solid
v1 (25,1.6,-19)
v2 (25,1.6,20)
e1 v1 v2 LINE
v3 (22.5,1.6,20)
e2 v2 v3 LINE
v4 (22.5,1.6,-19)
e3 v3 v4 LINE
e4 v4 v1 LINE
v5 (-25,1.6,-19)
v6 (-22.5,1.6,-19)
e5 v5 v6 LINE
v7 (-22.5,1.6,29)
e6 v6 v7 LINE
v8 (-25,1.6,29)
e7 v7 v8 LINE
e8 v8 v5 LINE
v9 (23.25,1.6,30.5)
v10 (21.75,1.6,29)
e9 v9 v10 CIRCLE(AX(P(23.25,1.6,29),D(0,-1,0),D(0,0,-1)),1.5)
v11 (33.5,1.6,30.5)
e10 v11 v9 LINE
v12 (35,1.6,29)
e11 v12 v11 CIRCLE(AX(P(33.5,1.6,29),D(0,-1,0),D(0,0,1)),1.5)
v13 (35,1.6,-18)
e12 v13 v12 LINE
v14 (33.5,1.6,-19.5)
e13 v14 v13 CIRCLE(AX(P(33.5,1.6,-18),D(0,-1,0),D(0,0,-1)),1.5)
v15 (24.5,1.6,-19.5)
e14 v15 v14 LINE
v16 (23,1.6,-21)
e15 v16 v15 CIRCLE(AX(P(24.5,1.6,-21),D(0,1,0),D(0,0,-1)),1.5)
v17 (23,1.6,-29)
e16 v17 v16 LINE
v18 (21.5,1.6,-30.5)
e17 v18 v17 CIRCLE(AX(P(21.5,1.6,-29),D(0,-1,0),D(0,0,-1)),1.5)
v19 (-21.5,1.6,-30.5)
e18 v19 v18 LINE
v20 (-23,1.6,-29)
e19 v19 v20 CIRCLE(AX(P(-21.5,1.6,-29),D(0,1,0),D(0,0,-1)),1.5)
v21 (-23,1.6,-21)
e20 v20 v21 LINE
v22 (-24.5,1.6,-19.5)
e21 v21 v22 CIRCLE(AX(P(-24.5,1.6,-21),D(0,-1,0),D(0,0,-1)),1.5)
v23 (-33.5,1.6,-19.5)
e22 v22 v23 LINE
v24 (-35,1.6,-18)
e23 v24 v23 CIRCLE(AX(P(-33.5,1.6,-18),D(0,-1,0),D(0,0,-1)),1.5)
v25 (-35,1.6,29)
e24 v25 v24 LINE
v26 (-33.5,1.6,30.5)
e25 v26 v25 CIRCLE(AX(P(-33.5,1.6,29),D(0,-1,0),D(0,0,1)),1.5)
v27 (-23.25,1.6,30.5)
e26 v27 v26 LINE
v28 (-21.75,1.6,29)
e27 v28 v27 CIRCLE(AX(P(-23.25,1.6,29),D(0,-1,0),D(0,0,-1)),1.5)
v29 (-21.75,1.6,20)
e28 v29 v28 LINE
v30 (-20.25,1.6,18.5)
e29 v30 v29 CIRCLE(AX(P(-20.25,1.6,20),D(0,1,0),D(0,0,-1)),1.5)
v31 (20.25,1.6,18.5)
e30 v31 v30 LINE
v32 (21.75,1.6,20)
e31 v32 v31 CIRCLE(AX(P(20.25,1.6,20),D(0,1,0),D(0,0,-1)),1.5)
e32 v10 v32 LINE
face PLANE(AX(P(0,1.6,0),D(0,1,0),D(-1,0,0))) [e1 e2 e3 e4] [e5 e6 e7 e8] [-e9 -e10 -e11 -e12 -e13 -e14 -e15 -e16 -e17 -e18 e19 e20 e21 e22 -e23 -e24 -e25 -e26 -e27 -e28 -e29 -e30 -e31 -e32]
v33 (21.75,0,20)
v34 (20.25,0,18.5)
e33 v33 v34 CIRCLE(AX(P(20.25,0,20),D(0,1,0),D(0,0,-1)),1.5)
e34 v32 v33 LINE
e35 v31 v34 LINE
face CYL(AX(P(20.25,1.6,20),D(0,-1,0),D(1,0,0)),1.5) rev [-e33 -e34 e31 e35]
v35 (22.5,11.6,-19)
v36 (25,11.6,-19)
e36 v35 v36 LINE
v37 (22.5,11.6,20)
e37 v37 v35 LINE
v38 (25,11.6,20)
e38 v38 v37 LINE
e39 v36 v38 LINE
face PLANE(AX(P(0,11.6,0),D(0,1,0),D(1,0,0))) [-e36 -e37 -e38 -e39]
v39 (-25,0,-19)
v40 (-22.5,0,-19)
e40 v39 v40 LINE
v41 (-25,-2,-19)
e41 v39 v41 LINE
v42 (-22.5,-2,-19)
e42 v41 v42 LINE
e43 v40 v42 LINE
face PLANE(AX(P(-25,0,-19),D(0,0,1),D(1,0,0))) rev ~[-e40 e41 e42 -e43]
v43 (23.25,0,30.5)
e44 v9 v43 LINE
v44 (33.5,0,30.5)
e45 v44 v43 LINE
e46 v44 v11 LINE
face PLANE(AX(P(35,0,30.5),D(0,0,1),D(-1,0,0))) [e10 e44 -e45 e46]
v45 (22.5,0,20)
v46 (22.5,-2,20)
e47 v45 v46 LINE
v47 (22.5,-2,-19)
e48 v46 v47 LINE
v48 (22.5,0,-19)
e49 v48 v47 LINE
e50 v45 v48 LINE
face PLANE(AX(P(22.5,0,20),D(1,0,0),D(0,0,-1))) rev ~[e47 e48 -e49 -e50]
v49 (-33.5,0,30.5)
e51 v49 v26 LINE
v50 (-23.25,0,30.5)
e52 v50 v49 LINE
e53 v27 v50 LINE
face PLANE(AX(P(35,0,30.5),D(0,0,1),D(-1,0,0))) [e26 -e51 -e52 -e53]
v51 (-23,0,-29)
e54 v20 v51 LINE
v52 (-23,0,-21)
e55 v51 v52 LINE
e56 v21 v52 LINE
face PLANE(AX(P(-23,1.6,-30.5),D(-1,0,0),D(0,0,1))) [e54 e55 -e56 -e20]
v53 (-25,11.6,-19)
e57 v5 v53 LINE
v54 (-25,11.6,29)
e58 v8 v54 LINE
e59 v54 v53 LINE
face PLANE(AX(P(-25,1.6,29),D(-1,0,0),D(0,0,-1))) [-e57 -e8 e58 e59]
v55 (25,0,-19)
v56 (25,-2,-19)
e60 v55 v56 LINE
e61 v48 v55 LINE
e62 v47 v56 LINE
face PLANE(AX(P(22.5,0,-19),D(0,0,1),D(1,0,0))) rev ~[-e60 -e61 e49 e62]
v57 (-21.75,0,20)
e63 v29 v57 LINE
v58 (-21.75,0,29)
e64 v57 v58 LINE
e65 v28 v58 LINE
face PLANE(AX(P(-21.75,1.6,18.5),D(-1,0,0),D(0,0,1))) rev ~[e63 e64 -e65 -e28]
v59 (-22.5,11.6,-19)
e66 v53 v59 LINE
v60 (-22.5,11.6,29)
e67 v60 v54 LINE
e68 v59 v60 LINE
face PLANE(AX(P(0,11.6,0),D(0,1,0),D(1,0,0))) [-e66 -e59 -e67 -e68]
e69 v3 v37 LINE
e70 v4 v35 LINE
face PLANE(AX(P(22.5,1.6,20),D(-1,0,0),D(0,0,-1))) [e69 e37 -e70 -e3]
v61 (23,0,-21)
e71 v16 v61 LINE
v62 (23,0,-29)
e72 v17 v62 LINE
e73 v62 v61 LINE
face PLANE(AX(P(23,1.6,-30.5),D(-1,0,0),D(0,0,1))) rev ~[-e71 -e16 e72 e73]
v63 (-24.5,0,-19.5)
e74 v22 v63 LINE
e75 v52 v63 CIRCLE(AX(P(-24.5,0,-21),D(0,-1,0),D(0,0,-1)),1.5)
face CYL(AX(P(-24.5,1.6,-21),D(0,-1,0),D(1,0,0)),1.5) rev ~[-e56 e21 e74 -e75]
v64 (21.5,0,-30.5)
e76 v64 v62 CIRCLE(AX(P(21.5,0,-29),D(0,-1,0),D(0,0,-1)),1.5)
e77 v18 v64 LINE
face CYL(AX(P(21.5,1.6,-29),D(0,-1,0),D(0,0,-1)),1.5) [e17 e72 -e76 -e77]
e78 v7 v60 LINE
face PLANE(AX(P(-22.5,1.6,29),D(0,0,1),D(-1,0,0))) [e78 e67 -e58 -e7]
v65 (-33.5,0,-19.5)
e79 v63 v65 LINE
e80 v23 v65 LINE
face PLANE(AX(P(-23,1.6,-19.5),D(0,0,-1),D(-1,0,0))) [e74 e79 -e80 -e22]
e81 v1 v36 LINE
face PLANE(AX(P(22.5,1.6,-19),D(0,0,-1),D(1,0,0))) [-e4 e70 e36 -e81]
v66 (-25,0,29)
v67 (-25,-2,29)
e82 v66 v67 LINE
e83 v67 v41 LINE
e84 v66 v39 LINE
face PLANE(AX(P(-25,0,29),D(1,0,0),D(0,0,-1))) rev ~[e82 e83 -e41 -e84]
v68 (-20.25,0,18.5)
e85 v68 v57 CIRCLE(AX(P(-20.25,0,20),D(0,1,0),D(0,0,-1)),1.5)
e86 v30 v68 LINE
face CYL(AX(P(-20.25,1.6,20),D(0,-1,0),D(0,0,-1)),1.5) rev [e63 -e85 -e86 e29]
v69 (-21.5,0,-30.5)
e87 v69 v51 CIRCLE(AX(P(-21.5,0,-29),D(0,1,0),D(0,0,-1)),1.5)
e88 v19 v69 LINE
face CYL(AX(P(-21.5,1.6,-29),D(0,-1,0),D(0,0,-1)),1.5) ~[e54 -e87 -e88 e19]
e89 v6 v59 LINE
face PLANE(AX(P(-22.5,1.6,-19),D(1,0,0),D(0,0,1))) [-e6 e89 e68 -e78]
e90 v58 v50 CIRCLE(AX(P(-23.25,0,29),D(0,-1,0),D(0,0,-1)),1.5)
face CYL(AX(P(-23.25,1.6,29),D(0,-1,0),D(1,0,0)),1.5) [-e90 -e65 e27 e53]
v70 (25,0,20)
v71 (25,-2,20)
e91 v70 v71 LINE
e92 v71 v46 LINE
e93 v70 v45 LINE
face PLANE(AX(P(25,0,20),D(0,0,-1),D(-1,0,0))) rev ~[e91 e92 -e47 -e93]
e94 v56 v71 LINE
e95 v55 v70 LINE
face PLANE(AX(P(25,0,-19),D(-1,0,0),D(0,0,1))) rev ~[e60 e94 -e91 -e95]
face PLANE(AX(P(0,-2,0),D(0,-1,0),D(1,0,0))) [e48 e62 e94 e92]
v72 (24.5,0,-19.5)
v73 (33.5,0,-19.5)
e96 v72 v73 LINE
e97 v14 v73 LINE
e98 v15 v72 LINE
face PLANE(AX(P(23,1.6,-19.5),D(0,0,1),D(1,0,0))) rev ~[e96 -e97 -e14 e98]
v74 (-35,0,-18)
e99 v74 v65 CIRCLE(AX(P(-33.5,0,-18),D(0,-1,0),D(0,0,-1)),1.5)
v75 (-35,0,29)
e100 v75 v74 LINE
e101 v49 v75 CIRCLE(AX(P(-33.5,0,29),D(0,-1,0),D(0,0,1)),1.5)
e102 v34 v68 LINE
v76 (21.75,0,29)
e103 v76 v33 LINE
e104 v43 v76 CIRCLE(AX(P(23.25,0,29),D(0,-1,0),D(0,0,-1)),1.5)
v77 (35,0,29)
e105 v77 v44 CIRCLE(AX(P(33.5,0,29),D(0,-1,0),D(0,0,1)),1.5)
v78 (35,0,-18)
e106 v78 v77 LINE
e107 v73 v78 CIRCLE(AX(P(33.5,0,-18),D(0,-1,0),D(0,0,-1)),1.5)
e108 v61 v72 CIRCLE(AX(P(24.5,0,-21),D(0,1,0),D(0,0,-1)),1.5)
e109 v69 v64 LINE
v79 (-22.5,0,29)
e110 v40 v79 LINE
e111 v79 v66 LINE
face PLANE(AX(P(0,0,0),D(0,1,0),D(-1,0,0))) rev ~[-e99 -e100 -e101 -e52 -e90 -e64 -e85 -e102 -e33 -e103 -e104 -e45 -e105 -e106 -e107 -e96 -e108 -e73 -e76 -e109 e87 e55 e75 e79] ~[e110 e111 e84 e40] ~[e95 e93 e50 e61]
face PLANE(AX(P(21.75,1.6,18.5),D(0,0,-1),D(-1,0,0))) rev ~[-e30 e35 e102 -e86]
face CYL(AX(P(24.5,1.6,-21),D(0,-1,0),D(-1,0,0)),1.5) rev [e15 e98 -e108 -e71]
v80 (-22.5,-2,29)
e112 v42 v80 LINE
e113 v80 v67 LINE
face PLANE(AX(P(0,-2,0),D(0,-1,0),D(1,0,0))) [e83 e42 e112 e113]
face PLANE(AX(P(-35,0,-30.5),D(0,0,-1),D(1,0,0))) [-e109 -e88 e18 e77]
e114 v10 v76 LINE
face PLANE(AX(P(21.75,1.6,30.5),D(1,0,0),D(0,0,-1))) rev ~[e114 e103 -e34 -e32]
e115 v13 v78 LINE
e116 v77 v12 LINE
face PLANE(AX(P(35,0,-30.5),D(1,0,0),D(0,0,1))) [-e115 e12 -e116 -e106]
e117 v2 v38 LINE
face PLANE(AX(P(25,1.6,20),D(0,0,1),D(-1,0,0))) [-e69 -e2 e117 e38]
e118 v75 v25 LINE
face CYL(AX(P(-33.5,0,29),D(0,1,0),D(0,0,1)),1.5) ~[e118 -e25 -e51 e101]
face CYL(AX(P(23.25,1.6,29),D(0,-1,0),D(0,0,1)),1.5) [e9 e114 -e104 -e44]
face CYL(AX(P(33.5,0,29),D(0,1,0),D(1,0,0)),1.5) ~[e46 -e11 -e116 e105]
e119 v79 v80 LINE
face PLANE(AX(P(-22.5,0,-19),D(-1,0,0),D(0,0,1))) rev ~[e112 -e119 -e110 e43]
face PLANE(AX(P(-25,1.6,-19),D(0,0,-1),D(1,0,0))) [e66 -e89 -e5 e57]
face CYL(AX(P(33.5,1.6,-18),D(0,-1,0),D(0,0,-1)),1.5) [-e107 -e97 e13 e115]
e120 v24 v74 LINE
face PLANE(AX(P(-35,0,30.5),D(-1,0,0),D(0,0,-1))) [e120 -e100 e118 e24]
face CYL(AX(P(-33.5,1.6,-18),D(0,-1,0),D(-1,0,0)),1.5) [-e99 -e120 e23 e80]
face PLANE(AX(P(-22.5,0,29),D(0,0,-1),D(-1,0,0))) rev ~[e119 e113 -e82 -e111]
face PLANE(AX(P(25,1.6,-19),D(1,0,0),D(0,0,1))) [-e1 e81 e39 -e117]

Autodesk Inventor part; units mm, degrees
ref_plane "YZ Plane" through (0, 0, 0) normal (1, 0, 0) x (0, 1, 0)
ref_plane "XZ Plane" through (0, 0, 0) normal (0, 1, 0) x (-1, 0, 0)
ref_plane "XY Plane" through (0, 0, 0) normal (0, 0, 1) x (1, 0, 0)
sketch "Esquisse1" plane through (0, 0, 0) normal (0, 1, 0) x (-1, 0, 0)
  line L0 (35, -30.5) -> (-35, -30.5)
  line L1 (-35, -30.5) -> (-35, 30.5)
  line L2 (-35, 30.5) -> (35, 30.5)
  line L3 (35, 30.5) -> (35, -30.5)
  point P0 (0, 0)
  dimension "d0" = 70
  dimension "d1" = 35
  dimension "d2" = 61
  dimension "d3" = 30.5
extrude "Extrusion1" add sketch "Esquisse1" along normal blind 1.6
sketch "Esquisse2" plane through (0, 1.6, 0) normal (0, 1, 0) x (1, 0, 0)
  line L0 (35, 30.5) -> (-35, 30.5) projected
  line L1 (-35, 30.5) -> (-23, 30.5)
  line L2 (-23, 30.5) -> (-23, 19.5)
  line L3 (-23, 19.5) -> (-35, 19.5)
  line L4 (-35, 19.5) -> (-35, 30.5)
  line L5 (35, 30.5) -> (23, 30.5)
  line L6 (23, 30.5) -> (23, 19.5)
  line L7 (23, 19.5) -> (35, 19.5)
  line L8 (35, 19.5) -> (35, 30.5)
  line L9 (-35, -30.5) -> (35, -30.5) projected
  line L10 (-20.5, -30.5) -> (23, -30.5)
  line L11 (-21.75, -30.5) -> (21.75, -30.5)
  line L12 (21.75, -30.5) -> (21.75, -18.5)
  line L13 (21.75, -18.5) -> (-21.75, -18.5)
  line L14 (-21.75, -18.5) -> (-21.75, -30.5)
  point P0 (0, 0)
  dimension "d6" = 12
  dimension "d7" = 12
  dimension "d8" = 11
  dimension "d11" = 43.5
  dimension "d12" = 21.75
  dimension "d13" = 12
extrude "Extrusion2" cut sketch "Esquisse2" against normal through all
fillet "Congé1" radius 1.5 12 edges at (-35, 0.8, 30.5) (-21.75, 0.8, 30.5) (-21.75, 0.8, 18.5) (21.75, 0.8, 18.5) (21.75, 0.8, 30.5) (35, 0.8, 30.5) (23, 0.8, -19.5) (23, 0.8, -30.5) (35, 0.8, -19.5) (-23, 0.8, -30.5) (-23, 0.8, -19.5) (-35, 0.8, -19.5)
sketch "Esquisse3" plane through (0, 1.6, 0) normal (0, 1, 0) x (1, 0, 0)
  line L0 (-25, 19) -> (-22.5, 19)
  line L1 (-22.5, 19) -> (-22.5, -29)
  line L2 (-22.5, -29) -> (-25, -29)
  line L3 (-25, -29) -> (-25, 19)
  line L4 (22.5, 19) -> (25, 19)
  line L5 (25, 19) -> (25, -20)
  line L6 (25, -20) -> (22.5, -20)
  line L7 (22.5, -20) -> (22.5, 19)
  line L8 (-35, 18) -> (-35, -29) projected
  line L9 (35, -29) -> (35, 18) projected
  line L10 (-24.5, 19.5) -> (-33.5, 19.5) projected
  line L11 (33.5, 19.5) -> (24.5, 19.5) projected
  point P0 (0, 0)
  dimension "d17" = 2.5
  dimension "d18" = 2.5
  dimension "d19" = 48
  dimension "d20" = 39
  dimension "d21" = 10
  dimension "d22" = 10
  dimension "d23" = 0.5
  dimension "d24" = 0.5
extrude "Extrusion3" add sketch "Esquisse3" along normal blind 10
sketch "Esquisse4" plane through (0, 0, 0) normal (0, -1, 0) x (1, 0, 0)
  line L0 (22.5, -19) -> (25, -19) projected
  line L1 (22.5, 20) -> (22.5, -19) projected
  line L2 (25, -19) -> (25, 20) projected
  line L3 (25, 20) -> (22.5, 20) projected
  line L4 (-25, 29) -> (-25, -19) projected
  line L5 (-25, -19) -> (-22.5, -19) projected
  line L6 (-22.5, -19) -> (-22.5, 29) projected
  line L7 (-22.5, 29) -> (-25, 29) projected
  point P0 (0, 0)
extrude "Extrusion4" add sketch "Esquisse4" along normal blind 2
equation "\"d1\" = 0.5 * d0"
equation "\"d3\" = 0.5 * d2"
equation "\"d7\" = d6"
equation "\"d12\" = 0.5 * d11"
equation "\"d18\" = d17"
equation "\"d22\" = d21"
equation "\"d24\" = d23"
properties part number "X-Nucleo-IKS01A1" material "Nylon, disulfure de molybdène"
